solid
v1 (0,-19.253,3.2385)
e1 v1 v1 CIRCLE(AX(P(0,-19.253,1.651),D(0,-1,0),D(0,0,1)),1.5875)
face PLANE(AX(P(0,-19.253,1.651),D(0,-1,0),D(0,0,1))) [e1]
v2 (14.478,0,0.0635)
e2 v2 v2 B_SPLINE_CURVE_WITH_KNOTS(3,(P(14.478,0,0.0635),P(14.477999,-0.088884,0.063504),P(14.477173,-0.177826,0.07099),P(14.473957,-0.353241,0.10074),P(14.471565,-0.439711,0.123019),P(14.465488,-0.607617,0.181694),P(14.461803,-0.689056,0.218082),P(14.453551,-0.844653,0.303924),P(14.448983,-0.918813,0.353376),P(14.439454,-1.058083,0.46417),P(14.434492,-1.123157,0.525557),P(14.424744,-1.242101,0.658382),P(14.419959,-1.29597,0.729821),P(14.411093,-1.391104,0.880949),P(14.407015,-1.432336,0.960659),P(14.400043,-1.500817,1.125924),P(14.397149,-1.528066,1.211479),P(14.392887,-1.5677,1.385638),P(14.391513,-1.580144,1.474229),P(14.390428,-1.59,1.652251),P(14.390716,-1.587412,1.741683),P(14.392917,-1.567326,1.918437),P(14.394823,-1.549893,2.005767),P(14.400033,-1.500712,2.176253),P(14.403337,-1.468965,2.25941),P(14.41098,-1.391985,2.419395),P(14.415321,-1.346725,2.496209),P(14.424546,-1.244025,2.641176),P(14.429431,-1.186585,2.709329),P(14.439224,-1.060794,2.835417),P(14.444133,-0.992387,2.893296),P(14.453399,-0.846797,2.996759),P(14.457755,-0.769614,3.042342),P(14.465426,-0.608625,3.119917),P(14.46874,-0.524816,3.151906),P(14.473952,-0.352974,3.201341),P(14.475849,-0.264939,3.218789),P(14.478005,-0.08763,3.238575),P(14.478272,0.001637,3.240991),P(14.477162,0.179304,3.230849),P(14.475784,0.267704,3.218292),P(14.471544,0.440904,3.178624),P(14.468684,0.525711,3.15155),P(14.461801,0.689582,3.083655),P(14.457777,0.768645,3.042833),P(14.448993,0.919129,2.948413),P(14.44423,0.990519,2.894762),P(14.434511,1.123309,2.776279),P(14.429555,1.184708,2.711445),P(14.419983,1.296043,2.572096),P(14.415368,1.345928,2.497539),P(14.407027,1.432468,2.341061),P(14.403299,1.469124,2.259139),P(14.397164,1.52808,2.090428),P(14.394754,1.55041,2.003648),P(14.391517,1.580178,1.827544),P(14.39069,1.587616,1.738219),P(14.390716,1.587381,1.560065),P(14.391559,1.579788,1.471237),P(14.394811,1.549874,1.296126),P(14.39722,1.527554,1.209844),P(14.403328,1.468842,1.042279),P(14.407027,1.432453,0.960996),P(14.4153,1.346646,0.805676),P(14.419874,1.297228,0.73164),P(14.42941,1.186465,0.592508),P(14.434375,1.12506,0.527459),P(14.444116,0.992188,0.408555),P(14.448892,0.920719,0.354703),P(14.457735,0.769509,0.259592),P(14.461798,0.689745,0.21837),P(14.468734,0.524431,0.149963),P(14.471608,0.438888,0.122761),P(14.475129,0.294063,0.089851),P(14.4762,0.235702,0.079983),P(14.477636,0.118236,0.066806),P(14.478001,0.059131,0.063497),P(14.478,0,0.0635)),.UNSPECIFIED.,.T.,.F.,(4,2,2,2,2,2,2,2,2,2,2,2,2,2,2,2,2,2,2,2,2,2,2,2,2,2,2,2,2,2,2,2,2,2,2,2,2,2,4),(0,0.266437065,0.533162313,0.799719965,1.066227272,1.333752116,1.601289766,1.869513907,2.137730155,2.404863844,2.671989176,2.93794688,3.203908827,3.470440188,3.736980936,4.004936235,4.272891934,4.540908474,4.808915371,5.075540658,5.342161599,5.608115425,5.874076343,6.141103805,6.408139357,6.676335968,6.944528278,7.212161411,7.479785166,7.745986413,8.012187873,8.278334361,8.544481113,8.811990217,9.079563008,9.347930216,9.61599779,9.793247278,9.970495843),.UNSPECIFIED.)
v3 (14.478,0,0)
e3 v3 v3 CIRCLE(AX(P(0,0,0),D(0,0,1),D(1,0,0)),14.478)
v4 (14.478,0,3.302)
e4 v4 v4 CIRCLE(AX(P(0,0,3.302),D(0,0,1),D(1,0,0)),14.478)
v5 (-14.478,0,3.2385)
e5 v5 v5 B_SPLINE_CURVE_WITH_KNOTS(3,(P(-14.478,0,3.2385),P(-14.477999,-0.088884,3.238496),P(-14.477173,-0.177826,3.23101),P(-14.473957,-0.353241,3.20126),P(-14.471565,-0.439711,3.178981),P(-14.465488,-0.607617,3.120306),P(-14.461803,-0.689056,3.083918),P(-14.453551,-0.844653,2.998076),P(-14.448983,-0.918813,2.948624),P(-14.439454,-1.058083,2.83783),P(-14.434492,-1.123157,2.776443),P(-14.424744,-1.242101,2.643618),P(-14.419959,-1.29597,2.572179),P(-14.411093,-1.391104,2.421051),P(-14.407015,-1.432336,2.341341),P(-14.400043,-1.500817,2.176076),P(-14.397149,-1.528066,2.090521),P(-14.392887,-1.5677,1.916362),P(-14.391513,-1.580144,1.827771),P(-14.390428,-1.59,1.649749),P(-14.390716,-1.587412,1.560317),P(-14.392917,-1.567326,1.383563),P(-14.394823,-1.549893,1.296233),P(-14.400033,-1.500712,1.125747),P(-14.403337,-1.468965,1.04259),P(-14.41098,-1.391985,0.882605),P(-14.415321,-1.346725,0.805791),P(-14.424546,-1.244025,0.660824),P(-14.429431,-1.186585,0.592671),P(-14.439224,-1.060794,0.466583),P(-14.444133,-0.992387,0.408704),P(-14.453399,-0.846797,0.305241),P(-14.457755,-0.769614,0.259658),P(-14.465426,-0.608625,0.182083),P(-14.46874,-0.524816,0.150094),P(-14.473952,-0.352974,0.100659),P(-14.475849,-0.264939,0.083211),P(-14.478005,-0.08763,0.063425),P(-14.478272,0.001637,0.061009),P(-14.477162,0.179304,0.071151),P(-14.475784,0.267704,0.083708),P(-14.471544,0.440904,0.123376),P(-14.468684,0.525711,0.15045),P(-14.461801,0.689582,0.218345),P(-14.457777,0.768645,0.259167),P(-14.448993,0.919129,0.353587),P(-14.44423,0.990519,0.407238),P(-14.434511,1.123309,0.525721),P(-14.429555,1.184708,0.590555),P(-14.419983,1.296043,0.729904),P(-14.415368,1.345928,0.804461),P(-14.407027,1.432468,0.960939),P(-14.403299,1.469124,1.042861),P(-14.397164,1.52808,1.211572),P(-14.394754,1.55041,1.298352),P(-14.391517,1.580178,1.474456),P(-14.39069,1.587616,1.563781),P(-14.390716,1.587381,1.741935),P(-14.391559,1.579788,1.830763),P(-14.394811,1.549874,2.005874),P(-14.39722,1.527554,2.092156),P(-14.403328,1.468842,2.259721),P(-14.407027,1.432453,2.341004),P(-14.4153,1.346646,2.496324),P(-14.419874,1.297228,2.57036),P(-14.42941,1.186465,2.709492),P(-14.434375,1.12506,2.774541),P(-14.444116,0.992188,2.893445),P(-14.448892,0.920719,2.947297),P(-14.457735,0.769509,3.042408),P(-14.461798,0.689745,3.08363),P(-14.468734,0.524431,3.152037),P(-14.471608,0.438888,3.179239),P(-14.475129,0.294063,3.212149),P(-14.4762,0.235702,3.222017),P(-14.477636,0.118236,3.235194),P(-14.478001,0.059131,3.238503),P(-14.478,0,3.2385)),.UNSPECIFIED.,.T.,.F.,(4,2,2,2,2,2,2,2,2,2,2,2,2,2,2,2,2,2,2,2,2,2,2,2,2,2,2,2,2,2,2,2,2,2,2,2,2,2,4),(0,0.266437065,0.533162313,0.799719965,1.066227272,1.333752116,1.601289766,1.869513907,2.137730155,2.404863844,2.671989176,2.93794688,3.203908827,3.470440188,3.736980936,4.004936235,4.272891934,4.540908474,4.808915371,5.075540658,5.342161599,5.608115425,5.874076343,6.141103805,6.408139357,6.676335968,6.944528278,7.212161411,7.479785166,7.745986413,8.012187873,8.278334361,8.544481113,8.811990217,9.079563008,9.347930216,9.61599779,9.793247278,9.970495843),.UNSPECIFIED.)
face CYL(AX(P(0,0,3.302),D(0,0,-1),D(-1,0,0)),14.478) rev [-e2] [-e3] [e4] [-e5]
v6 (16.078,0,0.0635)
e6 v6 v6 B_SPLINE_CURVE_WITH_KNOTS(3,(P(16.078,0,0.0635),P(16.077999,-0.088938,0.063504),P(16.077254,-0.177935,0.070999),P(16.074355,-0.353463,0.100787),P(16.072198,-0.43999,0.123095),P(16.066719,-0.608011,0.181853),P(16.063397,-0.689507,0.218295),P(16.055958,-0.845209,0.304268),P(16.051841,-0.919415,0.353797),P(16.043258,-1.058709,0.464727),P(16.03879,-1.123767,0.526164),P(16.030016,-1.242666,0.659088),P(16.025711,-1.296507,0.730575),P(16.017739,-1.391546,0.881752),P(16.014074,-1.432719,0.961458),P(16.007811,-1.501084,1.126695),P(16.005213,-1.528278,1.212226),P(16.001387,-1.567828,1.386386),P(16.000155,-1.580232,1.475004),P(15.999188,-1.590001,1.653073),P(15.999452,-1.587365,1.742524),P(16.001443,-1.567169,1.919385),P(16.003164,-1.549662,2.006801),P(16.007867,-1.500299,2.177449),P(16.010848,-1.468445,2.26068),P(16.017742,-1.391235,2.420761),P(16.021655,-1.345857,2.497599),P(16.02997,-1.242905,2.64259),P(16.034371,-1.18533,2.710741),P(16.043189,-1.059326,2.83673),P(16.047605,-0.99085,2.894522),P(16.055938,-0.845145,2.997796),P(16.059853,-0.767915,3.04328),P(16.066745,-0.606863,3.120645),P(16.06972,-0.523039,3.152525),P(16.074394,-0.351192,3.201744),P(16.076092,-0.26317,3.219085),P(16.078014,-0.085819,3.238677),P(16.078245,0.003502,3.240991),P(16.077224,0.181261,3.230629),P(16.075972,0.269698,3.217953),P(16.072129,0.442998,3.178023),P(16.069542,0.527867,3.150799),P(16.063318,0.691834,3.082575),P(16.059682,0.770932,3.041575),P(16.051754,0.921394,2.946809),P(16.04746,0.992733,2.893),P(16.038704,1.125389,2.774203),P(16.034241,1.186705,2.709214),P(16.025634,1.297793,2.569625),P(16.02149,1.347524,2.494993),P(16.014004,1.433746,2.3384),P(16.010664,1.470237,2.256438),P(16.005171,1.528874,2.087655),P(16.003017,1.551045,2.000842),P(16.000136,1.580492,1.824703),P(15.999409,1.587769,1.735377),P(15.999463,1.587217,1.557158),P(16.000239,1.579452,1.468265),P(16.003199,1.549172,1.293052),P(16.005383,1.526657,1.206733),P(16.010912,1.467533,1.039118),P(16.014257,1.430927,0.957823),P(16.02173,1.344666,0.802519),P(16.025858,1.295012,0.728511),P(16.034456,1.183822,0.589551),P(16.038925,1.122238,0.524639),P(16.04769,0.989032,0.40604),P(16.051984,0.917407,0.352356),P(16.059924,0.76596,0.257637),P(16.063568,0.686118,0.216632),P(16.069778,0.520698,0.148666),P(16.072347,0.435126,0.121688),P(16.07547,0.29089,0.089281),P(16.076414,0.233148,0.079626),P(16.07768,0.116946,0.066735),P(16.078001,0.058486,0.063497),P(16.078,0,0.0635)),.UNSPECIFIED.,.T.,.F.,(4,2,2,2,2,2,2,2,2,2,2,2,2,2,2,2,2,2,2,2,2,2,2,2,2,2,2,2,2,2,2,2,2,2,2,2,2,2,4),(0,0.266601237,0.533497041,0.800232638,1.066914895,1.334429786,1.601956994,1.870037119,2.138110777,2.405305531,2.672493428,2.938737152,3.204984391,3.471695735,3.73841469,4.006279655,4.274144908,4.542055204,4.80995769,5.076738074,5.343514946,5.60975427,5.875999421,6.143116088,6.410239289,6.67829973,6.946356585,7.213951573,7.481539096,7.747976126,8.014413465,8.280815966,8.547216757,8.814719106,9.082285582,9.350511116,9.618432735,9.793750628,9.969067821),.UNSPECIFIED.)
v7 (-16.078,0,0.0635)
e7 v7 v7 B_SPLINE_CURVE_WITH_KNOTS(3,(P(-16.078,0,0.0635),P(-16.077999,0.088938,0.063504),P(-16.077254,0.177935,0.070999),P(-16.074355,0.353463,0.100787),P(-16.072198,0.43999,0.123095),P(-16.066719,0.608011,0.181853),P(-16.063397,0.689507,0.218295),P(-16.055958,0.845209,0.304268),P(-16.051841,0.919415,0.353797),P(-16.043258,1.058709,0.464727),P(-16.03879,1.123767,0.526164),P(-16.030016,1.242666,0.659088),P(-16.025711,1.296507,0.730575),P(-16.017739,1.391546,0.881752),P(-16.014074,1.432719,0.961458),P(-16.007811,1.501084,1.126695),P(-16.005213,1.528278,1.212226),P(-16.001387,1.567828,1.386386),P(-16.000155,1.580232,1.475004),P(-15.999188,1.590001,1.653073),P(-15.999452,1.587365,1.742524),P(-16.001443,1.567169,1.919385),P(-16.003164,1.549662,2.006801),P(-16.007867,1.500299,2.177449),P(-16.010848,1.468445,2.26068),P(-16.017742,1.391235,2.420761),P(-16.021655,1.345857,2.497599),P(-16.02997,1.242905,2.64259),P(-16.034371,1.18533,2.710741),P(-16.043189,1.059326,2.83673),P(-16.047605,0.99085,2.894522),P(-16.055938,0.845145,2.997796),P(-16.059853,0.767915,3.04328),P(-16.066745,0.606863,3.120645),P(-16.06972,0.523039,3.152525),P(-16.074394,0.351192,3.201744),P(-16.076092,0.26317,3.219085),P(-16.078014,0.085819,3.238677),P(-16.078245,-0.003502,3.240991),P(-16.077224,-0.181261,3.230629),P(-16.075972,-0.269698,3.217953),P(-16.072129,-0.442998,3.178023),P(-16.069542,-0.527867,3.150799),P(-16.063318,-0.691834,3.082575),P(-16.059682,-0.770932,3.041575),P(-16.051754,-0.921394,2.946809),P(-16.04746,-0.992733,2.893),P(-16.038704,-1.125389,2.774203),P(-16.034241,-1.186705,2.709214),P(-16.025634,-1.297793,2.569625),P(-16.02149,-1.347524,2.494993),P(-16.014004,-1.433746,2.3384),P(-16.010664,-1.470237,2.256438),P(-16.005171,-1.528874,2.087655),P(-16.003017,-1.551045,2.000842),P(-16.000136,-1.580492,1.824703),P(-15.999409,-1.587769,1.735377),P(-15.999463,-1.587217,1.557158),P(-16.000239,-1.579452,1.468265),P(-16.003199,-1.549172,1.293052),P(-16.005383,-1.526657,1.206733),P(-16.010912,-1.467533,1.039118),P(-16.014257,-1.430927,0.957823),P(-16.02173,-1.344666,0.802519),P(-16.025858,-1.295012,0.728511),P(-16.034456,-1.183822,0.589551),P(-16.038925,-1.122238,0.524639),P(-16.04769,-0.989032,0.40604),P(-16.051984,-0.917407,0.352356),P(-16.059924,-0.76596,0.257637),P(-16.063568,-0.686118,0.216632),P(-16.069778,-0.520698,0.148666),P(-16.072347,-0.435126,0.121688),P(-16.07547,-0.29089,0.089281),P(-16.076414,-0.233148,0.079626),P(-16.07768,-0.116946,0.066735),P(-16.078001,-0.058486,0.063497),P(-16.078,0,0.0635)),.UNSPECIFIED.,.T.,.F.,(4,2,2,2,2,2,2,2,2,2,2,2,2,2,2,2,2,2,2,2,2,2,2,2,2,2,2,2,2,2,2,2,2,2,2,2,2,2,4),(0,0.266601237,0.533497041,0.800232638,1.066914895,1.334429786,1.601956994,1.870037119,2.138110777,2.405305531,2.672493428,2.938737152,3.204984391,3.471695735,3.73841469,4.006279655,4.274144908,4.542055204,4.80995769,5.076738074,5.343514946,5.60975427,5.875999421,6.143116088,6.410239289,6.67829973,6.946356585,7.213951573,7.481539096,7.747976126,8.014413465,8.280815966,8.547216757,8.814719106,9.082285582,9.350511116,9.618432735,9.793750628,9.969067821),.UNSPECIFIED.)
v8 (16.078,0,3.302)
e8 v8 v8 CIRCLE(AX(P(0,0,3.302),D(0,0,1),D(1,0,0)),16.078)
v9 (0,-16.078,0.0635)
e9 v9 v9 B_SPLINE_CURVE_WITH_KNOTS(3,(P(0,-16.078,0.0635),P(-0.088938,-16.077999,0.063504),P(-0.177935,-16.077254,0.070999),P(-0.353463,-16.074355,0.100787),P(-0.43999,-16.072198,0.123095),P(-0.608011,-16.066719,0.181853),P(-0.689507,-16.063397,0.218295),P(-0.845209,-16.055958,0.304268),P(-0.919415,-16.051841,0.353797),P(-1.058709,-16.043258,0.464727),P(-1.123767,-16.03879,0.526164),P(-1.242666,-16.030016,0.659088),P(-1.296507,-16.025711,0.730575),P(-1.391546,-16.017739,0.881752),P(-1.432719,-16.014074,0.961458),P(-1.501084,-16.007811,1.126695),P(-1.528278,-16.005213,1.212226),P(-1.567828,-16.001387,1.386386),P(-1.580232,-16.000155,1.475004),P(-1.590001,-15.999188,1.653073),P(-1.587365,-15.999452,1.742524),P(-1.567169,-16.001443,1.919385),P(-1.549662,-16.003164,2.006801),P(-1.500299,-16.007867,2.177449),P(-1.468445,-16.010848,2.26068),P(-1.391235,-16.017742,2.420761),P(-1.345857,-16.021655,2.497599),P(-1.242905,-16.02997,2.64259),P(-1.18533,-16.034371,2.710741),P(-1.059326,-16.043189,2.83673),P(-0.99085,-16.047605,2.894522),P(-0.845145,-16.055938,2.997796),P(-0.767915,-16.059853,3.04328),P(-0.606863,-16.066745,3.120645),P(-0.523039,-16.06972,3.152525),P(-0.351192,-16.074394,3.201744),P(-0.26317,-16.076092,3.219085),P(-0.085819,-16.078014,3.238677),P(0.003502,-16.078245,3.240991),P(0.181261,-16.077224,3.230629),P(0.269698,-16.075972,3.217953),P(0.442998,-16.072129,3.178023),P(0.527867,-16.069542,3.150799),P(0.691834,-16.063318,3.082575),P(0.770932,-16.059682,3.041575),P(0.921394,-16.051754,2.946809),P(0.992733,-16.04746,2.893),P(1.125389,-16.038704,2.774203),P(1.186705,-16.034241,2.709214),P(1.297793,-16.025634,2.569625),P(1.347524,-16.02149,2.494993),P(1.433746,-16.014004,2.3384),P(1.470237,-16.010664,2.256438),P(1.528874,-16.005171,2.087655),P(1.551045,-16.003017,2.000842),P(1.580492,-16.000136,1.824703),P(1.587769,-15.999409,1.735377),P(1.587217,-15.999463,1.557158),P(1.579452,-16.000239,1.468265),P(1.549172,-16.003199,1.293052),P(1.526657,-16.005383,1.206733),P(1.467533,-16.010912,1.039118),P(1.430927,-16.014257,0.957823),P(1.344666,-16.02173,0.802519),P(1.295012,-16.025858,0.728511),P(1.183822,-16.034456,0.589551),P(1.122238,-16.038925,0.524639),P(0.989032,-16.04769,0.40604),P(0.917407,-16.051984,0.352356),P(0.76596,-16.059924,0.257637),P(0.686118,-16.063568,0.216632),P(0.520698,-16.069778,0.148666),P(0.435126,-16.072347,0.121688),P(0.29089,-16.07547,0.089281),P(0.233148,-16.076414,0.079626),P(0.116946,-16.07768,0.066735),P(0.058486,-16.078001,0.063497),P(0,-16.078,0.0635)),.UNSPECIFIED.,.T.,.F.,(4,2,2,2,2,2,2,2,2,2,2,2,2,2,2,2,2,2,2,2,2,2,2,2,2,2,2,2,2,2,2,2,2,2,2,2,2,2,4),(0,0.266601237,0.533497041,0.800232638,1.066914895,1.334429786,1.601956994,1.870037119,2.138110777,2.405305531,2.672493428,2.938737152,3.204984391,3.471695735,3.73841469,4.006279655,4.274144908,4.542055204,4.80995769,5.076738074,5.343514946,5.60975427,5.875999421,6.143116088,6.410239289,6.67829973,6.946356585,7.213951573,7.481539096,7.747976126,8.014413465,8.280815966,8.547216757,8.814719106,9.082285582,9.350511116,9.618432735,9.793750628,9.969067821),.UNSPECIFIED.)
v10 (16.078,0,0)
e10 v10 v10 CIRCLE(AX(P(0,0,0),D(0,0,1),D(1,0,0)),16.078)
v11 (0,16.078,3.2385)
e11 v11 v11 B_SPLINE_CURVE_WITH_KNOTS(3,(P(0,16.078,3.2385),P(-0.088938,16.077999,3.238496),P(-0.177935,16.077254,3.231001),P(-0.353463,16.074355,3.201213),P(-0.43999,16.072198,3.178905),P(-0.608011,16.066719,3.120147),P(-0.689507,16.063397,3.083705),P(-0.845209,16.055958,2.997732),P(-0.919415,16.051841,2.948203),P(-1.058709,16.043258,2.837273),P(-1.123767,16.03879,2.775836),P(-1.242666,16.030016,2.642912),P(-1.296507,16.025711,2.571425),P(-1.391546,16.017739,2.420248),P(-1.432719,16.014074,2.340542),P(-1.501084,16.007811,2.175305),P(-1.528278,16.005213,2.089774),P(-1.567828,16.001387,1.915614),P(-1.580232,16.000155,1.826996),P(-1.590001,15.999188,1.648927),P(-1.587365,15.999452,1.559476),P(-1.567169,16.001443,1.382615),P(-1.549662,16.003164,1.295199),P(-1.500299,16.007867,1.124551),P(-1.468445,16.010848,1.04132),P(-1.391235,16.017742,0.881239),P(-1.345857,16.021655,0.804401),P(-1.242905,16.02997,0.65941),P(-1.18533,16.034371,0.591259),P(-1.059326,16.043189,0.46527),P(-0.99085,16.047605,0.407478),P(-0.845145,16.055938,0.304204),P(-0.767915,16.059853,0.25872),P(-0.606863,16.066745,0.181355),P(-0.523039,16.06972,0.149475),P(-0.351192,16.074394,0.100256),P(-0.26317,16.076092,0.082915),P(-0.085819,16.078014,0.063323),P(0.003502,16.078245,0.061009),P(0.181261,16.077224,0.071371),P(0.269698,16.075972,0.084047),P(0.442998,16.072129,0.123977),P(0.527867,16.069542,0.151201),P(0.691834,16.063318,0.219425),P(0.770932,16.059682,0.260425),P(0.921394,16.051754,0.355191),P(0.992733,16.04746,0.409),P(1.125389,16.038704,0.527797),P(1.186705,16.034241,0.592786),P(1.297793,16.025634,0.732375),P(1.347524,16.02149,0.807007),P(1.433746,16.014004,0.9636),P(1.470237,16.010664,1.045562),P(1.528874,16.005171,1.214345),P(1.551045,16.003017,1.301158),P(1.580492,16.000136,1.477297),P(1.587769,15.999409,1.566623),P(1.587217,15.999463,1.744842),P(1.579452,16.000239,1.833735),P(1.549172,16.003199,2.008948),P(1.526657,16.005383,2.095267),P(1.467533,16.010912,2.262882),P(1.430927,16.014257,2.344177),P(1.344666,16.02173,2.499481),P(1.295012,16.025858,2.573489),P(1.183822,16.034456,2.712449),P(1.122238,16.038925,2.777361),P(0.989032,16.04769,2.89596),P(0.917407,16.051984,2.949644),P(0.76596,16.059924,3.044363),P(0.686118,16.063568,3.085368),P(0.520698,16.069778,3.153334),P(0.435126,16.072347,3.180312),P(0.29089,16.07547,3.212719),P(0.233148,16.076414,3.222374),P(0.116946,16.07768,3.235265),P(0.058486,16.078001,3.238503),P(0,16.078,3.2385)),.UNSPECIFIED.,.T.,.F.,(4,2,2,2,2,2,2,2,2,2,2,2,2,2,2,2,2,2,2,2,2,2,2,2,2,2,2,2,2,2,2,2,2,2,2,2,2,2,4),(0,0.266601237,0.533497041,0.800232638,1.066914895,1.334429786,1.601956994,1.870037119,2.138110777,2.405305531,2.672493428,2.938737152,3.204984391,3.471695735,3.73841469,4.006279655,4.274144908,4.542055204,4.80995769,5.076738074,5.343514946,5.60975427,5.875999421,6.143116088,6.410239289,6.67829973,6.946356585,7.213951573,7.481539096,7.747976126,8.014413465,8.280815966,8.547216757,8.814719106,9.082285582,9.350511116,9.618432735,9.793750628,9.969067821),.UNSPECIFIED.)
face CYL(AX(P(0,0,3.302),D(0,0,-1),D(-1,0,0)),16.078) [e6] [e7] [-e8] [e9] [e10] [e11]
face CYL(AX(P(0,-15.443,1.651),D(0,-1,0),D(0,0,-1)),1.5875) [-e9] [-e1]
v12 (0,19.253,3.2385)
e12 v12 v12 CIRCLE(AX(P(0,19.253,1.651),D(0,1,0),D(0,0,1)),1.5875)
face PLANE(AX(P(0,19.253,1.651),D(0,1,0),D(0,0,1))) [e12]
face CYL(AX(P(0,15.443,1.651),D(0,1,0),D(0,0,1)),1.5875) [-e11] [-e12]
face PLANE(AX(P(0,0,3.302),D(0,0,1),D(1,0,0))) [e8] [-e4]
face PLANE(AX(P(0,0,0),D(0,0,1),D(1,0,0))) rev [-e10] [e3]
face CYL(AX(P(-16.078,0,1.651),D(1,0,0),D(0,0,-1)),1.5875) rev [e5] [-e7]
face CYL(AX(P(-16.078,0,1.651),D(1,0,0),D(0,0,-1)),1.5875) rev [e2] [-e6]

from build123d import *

# Parameters (mm, degrees)
SKETCH1_R           = 16.078
SKETCH1_R_2         = 14.478
BOSS_EXTRUDE1_DEPTH = 3.302
SKETCH2_R           = 1.5875
CUT_EXTRUDE1_DEPTH  = 33.156
BOSS_EXTRUDE2_START = -0.635
SKETCH3_R           = 1.5875
BOSS_EXTRUDE2_DEPTH = 3.81
CIRPATTERN1_COUNT   = 2


with BuildPart() as part:
    # Sketch1 → Boss-Extrude1 (new body)
    with BuildSketch(Plane.XY):
        Circle(SKETCH1_R)
        Circle(SKETCH1_R_2, mode=Mode.SUBTRACT)
    extrude(amount=BOSS_EXTRUDE1_DEPTH)

    # Sketch2 → Cut-Extrude1 (cut, through all)
    with BuildSketch(Plane(origin=(16.078, 0, 0), x_dir=(0, 0, -1), z_dir=(1, 0, 0))):
        with Locations((-1.651, 0)):
            Circle(SKETCH2_R)
    extrude(amount=-CUT_EXTRUDE1_DEPTH, mode=Mode.SUBTRACT)

    # Sketch3 → Boss-Extrude2 (add)
    with BuildSketch(Plane(origin=(0, 16.078, 0), x_dir=(-1, 0, 0), z_dir=(0, 1, 0)).offset(BOSS_EXTRUDE2_START)):
        with Locations(Location((0, 1.651, 0), (0, 0, 90))):  # turned: the seam where the file's is
            Circle(SKETCH3_R)
    boss_extrude2 = extrude(amount=BOSS_EXTRUDE2_DEPTH)

    # CirPattern1: Boss-Extrude2 ×2 about axis
    cirpattern1_axis = Axis((0, 0, 3.302), (0, 0, -1))
    for i in range(1, CIRPATTERN1_COUNT):
        add(boss_extrude2.rotate(cirpattern1_axis, i * 360 / CIRPATTERN1_COUNT))


solid = part.part
